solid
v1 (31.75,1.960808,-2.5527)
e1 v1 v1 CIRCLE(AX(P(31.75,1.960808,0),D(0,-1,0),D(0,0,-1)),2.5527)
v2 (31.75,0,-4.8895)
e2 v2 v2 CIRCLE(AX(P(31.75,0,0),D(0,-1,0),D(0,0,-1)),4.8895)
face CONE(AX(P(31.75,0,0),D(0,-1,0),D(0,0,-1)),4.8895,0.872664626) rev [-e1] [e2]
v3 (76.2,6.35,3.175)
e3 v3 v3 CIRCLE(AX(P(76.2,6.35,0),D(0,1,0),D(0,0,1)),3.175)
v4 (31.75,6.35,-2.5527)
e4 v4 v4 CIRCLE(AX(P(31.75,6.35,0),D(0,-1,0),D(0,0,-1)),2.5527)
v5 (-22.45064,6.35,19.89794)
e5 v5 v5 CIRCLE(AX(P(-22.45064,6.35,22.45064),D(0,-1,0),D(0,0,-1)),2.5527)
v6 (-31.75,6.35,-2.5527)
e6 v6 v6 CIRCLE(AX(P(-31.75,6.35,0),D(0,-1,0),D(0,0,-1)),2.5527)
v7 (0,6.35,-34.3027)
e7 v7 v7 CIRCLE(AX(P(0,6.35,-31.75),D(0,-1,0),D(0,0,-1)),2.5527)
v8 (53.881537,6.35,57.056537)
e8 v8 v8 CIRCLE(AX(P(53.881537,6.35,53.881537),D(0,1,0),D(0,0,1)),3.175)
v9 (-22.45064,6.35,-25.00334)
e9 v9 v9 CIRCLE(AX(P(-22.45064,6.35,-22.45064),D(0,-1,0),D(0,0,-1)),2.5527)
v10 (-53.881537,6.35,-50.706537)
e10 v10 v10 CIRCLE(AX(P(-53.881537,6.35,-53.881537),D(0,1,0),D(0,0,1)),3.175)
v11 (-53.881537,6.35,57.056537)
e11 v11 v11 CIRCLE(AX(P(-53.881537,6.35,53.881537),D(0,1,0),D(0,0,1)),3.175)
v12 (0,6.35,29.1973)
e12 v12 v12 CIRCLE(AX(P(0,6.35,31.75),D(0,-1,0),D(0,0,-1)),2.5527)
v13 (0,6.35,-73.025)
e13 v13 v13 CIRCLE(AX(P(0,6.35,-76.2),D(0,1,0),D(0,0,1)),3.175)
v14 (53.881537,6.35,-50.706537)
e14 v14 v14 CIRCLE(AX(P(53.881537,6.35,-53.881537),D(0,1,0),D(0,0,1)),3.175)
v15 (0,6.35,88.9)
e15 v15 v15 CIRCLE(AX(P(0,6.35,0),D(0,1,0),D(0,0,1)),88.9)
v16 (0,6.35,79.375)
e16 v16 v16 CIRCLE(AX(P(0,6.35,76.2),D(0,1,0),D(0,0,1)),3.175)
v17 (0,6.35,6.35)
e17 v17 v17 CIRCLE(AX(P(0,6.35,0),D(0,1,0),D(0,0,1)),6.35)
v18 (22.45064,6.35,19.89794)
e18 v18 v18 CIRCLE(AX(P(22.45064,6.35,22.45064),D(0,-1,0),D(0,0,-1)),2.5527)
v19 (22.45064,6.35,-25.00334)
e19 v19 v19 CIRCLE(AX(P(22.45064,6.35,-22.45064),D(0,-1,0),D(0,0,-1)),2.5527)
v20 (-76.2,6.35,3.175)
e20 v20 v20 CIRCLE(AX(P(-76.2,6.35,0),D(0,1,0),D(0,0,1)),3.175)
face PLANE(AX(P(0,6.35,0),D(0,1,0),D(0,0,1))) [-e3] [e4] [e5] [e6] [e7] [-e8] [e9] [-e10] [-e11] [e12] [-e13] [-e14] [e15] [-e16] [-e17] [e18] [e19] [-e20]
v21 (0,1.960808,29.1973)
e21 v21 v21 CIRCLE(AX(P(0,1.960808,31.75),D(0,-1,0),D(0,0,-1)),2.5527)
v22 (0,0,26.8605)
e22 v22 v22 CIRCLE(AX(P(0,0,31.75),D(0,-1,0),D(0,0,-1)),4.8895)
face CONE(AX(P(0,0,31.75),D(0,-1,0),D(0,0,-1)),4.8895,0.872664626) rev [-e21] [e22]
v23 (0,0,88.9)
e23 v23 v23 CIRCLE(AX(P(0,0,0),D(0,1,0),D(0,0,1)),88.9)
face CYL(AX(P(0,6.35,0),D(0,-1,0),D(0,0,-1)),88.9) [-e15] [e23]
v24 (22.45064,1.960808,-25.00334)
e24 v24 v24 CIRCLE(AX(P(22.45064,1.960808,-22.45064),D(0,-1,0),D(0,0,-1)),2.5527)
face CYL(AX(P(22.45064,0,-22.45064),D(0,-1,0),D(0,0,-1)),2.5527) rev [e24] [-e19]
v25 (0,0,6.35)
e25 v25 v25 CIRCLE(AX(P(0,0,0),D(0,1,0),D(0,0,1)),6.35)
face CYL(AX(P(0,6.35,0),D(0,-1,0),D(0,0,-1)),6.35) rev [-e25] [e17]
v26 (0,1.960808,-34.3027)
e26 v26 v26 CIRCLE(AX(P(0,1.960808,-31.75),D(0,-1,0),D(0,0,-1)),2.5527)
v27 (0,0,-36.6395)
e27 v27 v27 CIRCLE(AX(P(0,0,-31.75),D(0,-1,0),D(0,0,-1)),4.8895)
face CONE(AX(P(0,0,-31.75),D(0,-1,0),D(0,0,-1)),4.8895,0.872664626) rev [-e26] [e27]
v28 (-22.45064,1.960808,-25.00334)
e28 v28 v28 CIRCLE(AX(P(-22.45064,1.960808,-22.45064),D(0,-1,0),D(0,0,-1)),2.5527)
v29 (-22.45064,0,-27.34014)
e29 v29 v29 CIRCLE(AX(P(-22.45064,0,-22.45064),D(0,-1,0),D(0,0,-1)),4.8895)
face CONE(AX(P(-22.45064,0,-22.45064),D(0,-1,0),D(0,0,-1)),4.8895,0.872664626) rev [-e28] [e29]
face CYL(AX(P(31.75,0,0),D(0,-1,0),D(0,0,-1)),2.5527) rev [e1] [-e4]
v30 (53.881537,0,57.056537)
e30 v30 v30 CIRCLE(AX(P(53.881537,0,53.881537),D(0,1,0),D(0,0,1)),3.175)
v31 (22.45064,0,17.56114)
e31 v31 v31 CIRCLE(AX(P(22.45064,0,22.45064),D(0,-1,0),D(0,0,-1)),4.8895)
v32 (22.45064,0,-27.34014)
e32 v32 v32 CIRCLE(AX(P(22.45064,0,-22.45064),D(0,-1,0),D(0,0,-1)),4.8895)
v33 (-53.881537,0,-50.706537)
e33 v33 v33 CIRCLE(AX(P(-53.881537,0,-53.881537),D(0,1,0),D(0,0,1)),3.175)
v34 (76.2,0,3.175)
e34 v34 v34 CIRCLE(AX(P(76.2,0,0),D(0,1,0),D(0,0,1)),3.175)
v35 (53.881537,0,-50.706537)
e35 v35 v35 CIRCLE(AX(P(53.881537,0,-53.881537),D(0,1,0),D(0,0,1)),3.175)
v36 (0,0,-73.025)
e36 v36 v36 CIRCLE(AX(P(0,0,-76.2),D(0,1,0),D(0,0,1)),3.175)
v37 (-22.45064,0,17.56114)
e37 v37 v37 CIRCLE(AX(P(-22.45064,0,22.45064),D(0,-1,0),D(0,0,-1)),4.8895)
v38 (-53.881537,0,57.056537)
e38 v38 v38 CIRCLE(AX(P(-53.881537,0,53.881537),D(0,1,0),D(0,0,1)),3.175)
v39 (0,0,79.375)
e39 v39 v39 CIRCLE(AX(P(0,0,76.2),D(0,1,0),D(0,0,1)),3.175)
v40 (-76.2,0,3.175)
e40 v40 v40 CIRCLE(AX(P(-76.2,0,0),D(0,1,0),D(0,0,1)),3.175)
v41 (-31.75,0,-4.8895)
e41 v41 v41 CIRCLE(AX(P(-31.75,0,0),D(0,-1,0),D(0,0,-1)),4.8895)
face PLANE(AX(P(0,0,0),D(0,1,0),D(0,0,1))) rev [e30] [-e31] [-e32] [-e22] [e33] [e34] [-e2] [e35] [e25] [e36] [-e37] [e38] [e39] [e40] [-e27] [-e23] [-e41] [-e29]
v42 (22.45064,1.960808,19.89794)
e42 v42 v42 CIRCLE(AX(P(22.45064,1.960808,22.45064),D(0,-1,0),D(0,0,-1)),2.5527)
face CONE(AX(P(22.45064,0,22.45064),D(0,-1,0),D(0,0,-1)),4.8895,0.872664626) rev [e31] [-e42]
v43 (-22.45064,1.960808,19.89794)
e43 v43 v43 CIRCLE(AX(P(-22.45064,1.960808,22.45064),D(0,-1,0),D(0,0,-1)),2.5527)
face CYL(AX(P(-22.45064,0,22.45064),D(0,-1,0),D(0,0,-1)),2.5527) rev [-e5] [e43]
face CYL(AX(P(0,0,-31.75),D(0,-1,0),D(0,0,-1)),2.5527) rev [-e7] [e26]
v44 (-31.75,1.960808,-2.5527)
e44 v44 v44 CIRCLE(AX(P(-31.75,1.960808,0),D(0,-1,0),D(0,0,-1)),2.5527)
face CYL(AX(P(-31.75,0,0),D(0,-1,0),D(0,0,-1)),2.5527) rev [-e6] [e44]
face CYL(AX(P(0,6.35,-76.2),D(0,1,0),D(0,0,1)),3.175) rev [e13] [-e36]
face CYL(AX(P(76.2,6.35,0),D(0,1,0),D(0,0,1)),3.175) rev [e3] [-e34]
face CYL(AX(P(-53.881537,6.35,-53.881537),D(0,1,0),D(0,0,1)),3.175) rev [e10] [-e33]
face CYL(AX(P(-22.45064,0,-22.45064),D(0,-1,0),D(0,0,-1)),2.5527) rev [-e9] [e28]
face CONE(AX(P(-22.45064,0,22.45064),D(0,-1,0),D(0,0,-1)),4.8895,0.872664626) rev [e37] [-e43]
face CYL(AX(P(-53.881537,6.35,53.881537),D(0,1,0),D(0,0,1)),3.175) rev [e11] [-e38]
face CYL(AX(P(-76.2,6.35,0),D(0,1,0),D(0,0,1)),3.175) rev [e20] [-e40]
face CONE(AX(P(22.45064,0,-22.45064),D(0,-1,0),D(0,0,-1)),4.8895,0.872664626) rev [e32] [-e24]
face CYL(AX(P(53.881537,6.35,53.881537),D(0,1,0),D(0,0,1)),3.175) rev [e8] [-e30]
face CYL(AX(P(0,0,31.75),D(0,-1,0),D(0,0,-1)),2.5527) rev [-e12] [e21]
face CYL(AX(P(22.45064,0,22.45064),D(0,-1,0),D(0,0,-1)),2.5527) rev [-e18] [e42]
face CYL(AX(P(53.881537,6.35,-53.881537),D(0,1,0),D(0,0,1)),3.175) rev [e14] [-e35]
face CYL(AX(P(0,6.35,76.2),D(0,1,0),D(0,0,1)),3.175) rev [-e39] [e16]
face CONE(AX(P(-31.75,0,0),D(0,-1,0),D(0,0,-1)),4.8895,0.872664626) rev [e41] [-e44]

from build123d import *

# Parameters (mm, degrees)
SKETCH1_R                                          = 88.9
SKETCH1_R_2                                        = 6.35
BOSS_EXTRUDE1_DEPTH                                = 6.35
CSK_FOR_10_FLAT_HEAD_MACHINE_SCREW_100_D           = 5.1054
CSK_FOR_10_FLAT_HEAD_MACHINE_SCREW_100_CSINK_D     = 9.779
CSK_FOR_10_FLAT_HEAD_MACHINE_SCREW_100_CSINK_ANGLE = 100
F_1_4_0_25_DIAMETER_HOLE1_D                        = 6.35
CIRPATTERN1_COUNT                                  = 8


with BuildPart() as part:
    # Sketch1 → Boss-Extrude1 (new body)
    with BuildSketch(Plane(origin=(0, 0, 0), x_dir=(1, 0, 0), z_dir=(0, 1, 0))):
        Circle(SKETCH1_R)
        Circle(SKETCH1_R_2, mode=Mode.SUBTRACT)
    extrude(amount=BOSS_EXTRUDE1_DEPTH)

    # CSK for #10 Flat Head Machine Screw (100)1 (through all)
    with Locations(Plane(origin=(31.75, 0, 0), x_dir=(0, 0, -1), z_dir=(0, -1, 0))):
        with Locations((0, 0)):
            csk_for_10_flat_head_machine_screw_100 = CounterSinkHole(CSK_FOR_10_FLAT_HEAD_MACHINE_SCREW_100_D / 2, CSK_FOR_10_FLAT_HEAD_MACHINE_SCREW_100_CSINK_D / 2, counter_sink_angle=CSK_FOR_10_FLAT_HEAD_MACHINE_SCREW_100_CSINK_ANGLE)

    # 1/4 (0.25) Diameter Hole1 (through all)
    with Locations(Plane(origin=(0, 6.35, 0), x_dir=(1, 0, 0), z_dir=(0, 1, 0))):
        with Locations((76.2, 0)):
            f_1_4_0_25_diameter_hole1 = Hole(F_1_4_0_25_DIAMETER_HOLE1_D / 2)

    # CirPattern1: CSK for #10 Flat Head Machine Screw (100)1, 1/4 (0.25) Diameter Hole1 ×8 about axis
    cirpattern1_axis = Axis((0, 0, 0), (0, 1, 0))
    for i in range(1, CIRPATTERN1_COUNT):
        add(csk_for_10_flat_head_machine_screw_100.rotate(cirpattern1_axis, i * 360 / CIRPATTERN1_COUNT), mode=Mode.SUBTRACT)
        add(f_1_4_0_25_diameter_hole1.rotate(cirpattern1_axis, i * 360 / CIRPATTERN1_COUNT), mode=Mode.SUBTRACT)


solid = part.part
